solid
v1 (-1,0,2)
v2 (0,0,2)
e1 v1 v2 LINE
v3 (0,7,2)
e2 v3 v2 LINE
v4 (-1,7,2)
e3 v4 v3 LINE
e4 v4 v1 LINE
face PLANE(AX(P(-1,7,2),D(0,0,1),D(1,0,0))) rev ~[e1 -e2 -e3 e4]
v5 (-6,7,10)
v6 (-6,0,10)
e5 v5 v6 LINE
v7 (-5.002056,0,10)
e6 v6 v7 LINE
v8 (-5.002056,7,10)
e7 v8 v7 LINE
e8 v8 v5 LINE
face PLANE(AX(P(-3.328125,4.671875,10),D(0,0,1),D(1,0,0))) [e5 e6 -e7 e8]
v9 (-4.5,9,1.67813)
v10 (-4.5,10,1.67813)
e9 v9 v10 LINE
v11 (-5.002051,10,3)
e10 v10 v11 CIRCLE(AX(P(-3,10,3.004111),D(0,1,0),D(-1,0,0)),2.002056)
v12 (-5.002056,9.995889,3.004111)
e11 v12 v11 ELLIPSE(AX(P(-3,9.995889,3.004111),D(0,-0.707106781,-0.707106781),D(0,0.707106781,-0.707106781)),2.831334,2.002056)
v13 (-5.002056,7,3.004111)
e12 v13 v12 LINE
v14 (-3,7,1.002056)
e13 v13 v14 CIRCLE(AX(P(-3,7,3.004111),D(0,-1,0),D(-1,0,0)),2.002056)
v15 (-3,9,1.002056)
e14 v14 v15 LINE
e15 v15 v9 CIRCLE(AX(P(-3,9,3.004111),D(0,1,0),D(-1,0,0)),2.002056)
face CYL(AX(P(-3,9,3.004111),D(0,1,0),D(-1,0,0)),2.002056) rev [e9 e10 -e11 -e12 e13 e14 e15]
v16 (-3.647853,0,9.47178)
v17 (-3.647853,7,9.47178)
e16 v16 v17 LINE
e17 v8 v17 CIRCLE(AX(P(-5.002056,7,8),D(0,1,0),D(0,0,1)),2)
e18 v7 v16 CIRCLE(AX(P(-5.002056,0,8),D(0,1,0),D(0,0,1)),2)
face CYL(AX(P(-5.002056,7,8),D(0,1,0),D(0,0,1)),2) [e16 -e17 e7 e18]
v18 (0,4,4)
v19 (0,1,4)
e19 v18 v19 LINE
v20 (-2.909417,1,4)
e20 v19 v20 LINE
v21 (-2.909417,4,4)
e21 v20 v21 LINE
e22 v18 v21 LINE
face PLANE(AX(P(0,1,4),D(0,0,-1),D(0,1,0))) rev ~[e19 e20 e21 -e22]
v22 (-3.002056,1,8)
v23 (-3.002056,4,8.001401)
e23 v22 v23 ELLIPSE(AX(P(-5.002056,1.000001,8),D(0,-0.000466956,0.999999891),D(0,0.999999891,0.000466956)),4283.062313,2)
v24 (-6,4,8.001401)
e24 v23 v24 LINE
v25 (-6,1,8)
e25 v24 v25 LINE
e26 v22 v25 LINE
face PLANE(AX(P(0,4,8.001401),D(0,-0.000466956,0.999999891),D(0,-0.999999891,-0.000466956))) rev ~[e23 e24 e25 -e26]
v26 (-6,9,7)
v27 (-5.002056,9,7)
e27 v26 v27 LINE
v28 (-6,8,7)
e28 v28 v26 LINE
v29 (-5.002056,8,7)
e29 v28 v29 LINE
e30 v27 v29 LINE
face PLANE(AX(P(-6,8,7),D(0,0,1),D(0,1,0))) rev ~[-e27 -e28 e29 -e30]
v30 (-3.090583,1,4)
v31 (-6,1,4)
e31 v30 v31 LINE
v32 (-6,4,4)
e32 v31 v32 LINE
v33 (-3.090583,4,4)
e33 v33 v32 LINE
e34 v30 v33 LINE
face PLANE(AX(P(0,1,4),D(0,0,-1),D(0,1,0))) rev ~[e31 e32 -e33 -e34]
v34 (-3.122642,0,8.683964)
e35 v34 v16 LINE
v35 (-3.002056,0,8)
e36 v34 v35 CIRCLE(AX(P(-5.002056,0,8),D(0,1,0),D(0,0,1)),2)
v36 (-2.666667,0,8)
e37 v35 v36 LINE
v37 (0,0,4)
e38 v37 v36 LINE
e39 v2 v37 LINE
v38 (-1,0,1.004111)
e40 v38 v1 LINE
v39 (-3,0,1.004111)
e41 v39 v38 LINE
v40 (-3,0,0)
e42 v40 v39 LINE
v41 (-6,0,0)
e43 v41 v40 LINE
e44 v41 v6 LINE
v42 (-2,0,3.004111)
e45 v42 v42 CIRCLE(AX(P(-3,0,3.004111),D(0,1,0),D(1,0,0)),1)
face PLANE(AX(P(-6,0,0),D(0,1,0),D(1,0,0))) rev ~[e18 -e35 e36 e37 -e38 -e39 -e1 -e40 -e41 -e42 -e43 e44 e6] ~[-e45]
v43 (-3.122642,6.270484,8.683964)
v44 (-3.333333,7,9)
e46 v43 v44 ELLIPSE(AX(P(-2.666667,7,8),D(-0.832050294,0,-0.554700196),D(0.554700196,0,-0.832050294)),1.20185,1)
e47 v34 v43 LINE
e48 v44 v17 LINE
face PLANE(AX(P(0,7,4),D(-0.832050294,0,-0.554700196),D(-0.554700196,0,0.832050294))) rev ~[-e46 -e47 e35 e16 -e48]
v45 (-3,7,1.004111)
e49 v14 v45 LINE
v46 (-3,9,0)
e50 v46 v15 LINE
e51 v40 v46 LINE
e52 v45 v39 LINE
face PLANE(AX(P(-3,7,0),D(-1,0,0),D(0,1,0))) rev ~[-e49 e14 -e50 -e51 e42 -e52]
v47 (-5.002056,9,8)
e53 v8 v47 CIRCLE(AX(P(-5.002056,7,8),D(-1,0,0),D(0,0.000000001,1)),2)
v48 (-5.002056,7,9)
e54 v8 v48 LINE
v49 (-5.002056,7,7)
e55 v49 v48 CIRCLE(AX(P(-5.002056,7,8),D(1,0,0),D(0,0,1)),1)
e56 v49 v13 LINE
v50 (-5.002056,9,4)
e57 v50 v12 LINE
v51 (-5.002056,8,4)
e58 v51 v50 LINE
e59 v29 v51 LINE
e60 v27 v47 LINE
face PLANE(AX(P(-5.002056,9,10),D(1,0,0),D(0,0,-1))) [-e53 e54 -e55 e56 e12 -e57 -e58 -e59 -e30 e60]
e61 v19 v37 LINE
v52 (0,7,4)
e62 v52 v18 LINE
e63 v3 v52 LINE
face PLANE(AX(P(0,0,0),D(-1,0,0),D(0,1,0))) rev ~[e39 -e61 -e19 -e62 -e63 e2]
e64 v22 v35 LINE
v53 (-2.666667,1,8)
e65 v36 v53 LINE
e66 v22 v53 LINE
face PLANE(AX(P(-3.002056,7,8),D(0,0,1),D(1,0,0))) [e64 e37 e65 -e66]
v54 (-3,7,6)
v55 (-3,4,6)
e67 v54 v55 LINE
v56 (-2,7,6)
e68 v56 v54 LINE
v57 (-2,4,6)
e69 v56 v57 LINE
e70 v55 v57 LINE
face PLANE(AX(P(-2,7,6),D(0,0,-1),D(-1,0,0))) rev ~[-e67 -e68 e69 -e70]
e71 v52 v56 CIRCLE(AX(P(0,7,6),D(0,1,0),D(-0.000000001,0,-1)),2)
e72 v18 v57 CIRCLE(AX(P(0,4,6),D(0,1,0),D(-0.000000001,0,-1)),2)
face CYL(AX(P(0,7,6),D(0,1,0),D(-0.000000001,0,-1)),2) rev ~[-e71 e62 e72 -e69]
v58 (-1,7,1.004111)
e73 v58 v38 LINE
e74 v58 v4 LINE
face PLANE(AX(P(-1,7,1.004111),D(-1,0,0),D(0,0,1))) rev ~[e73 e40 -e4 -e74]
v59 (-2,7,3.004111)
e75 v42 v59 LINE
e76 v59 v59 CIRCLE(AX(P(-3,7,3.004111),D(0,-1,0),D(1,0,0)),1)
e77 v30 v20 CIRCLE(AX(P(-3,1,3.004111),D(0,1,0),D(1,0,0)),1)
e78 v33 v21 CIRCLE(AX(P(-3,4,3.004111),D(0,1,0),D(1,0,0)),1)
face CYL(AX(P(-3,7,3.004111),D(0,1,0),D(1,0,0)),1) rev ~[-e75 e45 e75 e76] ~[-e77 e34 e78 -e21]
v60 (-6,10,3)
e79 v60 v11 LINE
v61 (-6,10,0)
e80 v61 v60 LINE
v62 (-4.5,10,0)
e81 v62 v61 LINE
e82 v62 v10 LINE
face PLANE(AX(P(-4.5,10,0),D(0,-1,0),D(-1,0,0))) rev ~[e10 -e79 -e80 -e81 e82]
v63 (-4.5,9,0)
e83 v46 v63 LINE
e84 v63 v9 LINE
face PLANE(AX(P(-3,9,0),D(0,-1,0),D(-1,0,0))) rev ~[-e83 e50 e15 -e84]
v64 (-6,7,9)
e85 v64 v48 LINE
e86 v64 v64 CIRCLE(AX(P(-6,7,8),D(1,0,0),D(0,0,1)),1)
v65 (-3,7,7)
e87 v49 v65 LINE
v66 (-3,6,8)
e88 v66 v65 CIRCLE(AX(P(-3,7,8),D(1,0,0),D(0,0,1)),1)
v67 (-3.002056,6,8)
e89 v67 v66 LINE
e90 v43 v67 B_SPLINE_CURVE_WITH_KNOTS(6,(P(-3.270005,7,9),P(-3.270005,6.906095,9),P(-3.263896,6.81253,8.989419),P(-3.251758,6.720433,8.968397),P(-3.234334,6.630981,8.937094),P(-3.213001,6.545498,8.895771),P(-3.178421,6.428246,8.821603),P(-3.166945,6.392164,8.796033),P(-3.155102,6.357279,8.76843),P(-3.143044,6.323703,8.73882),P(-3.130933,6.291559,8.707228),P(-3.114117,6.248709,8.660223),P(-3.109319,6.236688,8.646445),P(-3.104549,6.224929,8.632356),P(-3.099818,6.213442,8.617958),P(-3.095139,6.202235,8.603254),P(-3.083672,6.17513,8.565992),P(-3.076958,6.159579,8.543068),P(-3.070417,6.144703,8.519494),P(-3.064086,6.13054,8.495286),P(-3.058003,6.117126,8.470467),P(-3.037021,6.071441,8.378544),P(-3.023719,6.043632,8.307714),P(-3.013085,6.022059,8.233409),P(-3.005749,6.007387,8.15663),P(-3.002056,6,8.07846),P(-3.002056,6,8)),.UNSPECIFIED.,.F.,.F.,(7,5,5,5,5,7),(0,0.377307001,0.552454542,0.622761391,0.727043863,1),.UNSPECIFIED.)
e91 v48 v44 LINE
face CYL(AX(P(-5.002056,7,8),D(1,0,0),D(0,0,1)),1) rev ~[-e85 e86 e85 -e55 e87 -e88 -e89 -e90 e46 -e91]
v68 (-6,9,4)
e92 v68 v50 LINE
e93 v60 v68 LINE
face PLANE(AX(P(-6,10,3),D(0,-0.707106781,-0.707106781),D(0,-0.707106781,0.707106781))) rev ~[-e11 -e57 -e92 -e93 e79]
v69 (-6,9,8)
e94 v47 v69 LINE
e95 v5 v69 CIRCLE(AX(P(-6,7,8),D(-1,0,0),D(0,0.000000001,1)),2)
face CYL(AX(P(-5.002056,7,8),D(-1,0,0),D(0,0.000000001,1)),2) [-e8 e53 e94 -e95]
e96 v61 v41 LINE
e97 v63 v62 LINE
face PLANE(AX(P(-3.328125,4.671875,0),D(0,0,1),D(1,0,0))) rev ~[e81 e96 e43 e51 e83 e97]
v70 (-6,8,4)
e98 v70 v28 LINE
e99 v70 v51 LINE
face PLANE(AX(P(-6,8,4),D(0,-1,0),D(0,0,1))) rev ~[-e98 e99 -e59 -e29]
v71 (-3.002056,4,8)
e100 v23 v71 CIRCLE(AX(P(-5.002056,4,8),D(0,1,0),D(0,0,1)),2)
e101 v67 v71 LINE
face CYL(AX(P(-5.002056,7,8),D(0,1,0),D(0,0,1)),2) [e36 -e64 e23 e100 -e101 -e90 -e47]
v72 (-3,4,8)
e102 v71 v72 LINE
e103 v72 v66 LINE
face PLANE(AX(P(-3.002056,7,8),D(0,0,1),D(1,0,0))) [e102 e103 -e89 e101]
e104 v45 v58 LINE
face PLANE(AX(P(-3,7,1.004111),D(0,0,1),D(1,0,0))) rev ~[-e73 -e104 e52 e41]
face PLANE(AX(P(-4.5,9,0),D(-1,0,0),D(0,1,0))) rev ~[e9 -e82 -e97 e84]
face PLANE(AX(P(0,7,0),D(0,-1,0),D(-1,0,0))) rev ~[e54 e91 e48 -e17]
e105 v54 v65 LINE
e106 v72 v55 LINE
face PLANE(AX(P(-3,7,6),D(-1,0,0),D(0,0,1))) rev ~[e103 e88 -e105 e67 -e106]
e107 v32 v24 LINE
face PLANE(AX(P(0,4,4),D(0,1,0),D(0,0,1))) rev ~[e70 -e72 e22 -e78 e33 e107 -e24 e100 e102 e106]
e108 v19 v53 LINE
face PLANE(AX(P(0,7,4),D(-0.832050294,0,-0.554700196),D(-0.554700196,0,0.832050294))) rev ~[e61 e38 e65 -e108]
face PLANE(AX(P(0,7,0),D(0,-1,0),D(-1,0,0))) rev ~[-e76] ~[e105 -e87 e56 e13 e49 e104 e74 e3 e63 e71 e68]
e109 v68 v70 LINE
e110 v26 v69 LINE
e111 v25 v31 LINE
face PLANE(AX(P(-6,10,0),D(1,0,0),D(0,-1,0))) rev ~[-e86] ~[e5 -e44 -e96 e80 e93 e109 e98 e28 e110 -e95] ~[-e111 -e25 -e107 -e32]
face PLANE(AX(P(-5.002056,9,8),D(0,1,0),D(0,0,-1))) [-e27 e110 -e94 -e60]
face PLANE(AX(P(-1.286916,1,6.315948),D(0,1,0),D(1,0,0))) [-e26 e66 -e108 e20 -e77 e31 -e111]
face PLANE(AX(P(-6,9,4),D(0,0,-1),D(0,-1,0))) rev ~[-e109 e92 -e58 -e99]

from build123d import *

# Parameters (mm, degrees)
BOSS_EXTRUDE1_DEPTH = 10
CUT_EXTRUDE3_DEPTH  = 8
SKETCH5_R           = 1
CUT_EXTRUDE5_DEPTH  = 7.5
CUT_EXTRUDE7_DEPTH  = 2
CUT_EXTRUDE10_DEPTH = 4
CUT_EXTRUDE12_DEPTH = 7
CUT_EXTRUDE14_DEPTH = 6
CUT_EXTRUDE15_DEPTH = 7
SKETCH18_W          = 1.999299567
SKETCH18_H          = 4.5
CUT_EXTRUDE29_DEPTH = 2
CUT_EXTRUDE30_DEPTH = 2
CUT_EXTRUDE31_DEPTH = 7
CUT_EXTRUDE33_DEPTH = 10


with BuildPart() as part:
    # Sketch1 → Boss-Extrude1 (new body)
    with BuildSketch(Plane.XY):
        Polygon((0, 0), (0, 7), (-3, 7), (-3, 9), (-4.5, 9), (-4.5, 10), (-6, 10), (-6, 0), align=None)
    extrude(amount=BOSS_EXTRUDE1_DEPTH)

    # Sketch3 → Cut-Extrude3 (cut, through all)
    with BuildSketch(Plane(origin=(0, 7, 0), x_dir=(1, 0, 0), z_dir=(0, 1, 0))):
        Polygon((-3, 0), (-3, -1.004111064), (-1, -1.004111064), (-1, -2), (0, -2), (0, 0), align=None)
    extrude(amount=-CUT_EXTRUDE3_DEPTH, mode=Mode.SUBTRACT)

    # Sketch5 → Cut-Extrude5 (cut, symmetric)
    with BuildSketch(Plane(origin=(0, 7, 0), x_dir=(1, 0, 0), z_dir=(0, 1, 0))):
        with Locations((-3, -3.004111064)):
            Circle(SKETCH5_R)
    extrude(amount=CUT_EXTRUDE5_DEPTH, both=True, mode=Mode.SUBTRACT)

    # Sketch7 → Cut-Extrude7 (cut, symmetric)
    with BuildSketch(Plane(origin=(0, 9, 0), x_dir=(1, 0, 0), z_dir=(0, 1, 0))):
        with BuildLine():
            Line((-3, -1.002055532), (-3, -2.004111064))
            ThreePointArc((-3, -2.004111064), (-4, -3.004111064), (-3, -4.004111064))
            Line((-3, -4.004111064), (-3, -10))
            Line((-3, -10), (-5.002055532, -10))
            Line((-5.002055532, -10), (-5.002055532, -3.004111064))
            ThreePointArc((-5.002055532, -3.004111064), (-4.415667043, -1.588444021), (-3, -1.002055532))
        make_face()
    extrude(amount=CUT_EXTRUDE7_DEPTH, both=True, mode=Mode.SUBTRACT)

    # Sketch8 → Cut-Extrude10 (cut)
    with BuildSketch(Plane.ZY.offset(6)):
        Polygon((3, 10), (4, 9), (4, 8), (7, 8), (7, 10), align=None)
    extrude(amount=-CUT_EXTRUDE10_DEPTH, mode=Mode.SUBTRACT)

    # Sketch9 → Cut-Extrude12 (cut, symmetric)
    with BuildSketch(Plane(origin=(-5.002055532, 0, 0), x_dir=(0, 0, -1), z_dir=(1, 0, 0))):
        with BuildLine():
            Line((-8, 9), (-7, 9))
            Line((-7, 9), (-7, 10))
            Line((-7, 10), (-10, 10))
            Line((-10, 10), (-10, 7))
            ThreePointArc((-10, 7), (-9.414213562, 8.414213562), (-8, 9))
        make_face()
        with BuildLine():
            ThreePointArc((-7, 7), (-8, 8), (-9, 7))
            Line((-9, 7), (-7, 7))
        make_face()
        with BuildLine():
            Line((-7, 7), (-9, 7))
            ThreePointArc((-9, 7), (-8, 6), (-7, 7))
        make_face()
    extrude(amount=CUT_EXTRUDE12_DEPTH, both=True, mode=Mode.SUBTRACT)

    # Sketch10 → Cut-Extrude14 (cut)
    with BuildSketch(Plane(origin=(0, 7, 0), x_dir=(1, 0, 0), z_dir=(0, 1, 0))):
        with BuildLine():
            Line((-2, -6), (-3, -6))
            Line((-3, -6), (-3, -8.001400867))
            Line((-3, -8.001400867), (0, -8))
            Line((0, -8), (0, -4))
            ThreePointArc((0, -4), (-1.414213562, -4.585786438), (-2, -6))
        make_face()
    extrude(amount=-CUT_EXTRUDE14_DEPTH, mode=Mode.SUBTRACT)

    # Sketch12 → Cut-Extrude15 (cut, through all)
    with BuildSketch(Plane(origin=(0, 0, 0), x_dir=(0, 0, -1), z_dir=(1, 0, 0))):
        Polygon((-4, 1), (-4, 4), (-8.001400867, 4), (-8, 1), align=None)
    extrude(amount=-CUT_EXTRUDE15_DEPTH, mode=Mode.SUBTRACT)

    # Sketch18 → Cut-Extrude29 (cut)
    with BuildSketch(Plane(origin=(0, 0, 0), x_dir=(0, 0, -1), z_dir=(1, 0, 0))):
        with Locations((-9.000350216, 4.75)):
            Rectangle(SKETCH18_W, SKETCH18_H)
    extrude(amount=-CUT_EXTRUDE29_DEPTH, mode=Mode.SUBTRACT)

    # Sketch21 → Cut-Extrude30 (cut)
    with BuildSketch(Plane.XY.offset(8.000700433)):
        Polygon((0, 6.000000245), (-1.5, 6.000000981), (-1.5, 4), (0, 4), align=None)
    extrude(amount=-CUT_EXTRUDE30_DEPTH, mode=Mode.SUBTRACT)

    # Sketch22 → Cut-Extrude31 (cut)
    with BuildSketch(Plane(origin=(0, 7, 0), x_dir=(1, 0, 0), z_dir=(0, 1, 0))):
        Polygon((0, -4), (-4, -10), (0, -10), align=None)
    extrude(amount=-CUT_EXTRUDE31_DEPTH, mode=Mode.SUBTRACT)

    # Sketch23 → Cut-Extrude33 (cut)
    with BuildSketch(Plane(origin=(0, 7, 0), x_dir=(1, 0, 0), z_dir=(0, 1, 0))):
        with BuildLine():
            Line((-3.002055532, -8), (-0.668346428, -8))
            Line((-0.668346428, -8), (-0.668346428, -10.987104512))
            Line((-0.668346428, -10.987104512), (-5.156575053, -10.987104512))
            Line((-5.156575053, -10.987104512), (-5.002055532, -10))
            ThreePointArc((-5.002055532, -10), (-3.587841969, -9.414213562), (-3.002055532, -8))
        make_face()
    extrude(amount=-CUT_EXTRUDE33_DEPTH, mode=Mode.SUBTRACT)


solid = part.part
